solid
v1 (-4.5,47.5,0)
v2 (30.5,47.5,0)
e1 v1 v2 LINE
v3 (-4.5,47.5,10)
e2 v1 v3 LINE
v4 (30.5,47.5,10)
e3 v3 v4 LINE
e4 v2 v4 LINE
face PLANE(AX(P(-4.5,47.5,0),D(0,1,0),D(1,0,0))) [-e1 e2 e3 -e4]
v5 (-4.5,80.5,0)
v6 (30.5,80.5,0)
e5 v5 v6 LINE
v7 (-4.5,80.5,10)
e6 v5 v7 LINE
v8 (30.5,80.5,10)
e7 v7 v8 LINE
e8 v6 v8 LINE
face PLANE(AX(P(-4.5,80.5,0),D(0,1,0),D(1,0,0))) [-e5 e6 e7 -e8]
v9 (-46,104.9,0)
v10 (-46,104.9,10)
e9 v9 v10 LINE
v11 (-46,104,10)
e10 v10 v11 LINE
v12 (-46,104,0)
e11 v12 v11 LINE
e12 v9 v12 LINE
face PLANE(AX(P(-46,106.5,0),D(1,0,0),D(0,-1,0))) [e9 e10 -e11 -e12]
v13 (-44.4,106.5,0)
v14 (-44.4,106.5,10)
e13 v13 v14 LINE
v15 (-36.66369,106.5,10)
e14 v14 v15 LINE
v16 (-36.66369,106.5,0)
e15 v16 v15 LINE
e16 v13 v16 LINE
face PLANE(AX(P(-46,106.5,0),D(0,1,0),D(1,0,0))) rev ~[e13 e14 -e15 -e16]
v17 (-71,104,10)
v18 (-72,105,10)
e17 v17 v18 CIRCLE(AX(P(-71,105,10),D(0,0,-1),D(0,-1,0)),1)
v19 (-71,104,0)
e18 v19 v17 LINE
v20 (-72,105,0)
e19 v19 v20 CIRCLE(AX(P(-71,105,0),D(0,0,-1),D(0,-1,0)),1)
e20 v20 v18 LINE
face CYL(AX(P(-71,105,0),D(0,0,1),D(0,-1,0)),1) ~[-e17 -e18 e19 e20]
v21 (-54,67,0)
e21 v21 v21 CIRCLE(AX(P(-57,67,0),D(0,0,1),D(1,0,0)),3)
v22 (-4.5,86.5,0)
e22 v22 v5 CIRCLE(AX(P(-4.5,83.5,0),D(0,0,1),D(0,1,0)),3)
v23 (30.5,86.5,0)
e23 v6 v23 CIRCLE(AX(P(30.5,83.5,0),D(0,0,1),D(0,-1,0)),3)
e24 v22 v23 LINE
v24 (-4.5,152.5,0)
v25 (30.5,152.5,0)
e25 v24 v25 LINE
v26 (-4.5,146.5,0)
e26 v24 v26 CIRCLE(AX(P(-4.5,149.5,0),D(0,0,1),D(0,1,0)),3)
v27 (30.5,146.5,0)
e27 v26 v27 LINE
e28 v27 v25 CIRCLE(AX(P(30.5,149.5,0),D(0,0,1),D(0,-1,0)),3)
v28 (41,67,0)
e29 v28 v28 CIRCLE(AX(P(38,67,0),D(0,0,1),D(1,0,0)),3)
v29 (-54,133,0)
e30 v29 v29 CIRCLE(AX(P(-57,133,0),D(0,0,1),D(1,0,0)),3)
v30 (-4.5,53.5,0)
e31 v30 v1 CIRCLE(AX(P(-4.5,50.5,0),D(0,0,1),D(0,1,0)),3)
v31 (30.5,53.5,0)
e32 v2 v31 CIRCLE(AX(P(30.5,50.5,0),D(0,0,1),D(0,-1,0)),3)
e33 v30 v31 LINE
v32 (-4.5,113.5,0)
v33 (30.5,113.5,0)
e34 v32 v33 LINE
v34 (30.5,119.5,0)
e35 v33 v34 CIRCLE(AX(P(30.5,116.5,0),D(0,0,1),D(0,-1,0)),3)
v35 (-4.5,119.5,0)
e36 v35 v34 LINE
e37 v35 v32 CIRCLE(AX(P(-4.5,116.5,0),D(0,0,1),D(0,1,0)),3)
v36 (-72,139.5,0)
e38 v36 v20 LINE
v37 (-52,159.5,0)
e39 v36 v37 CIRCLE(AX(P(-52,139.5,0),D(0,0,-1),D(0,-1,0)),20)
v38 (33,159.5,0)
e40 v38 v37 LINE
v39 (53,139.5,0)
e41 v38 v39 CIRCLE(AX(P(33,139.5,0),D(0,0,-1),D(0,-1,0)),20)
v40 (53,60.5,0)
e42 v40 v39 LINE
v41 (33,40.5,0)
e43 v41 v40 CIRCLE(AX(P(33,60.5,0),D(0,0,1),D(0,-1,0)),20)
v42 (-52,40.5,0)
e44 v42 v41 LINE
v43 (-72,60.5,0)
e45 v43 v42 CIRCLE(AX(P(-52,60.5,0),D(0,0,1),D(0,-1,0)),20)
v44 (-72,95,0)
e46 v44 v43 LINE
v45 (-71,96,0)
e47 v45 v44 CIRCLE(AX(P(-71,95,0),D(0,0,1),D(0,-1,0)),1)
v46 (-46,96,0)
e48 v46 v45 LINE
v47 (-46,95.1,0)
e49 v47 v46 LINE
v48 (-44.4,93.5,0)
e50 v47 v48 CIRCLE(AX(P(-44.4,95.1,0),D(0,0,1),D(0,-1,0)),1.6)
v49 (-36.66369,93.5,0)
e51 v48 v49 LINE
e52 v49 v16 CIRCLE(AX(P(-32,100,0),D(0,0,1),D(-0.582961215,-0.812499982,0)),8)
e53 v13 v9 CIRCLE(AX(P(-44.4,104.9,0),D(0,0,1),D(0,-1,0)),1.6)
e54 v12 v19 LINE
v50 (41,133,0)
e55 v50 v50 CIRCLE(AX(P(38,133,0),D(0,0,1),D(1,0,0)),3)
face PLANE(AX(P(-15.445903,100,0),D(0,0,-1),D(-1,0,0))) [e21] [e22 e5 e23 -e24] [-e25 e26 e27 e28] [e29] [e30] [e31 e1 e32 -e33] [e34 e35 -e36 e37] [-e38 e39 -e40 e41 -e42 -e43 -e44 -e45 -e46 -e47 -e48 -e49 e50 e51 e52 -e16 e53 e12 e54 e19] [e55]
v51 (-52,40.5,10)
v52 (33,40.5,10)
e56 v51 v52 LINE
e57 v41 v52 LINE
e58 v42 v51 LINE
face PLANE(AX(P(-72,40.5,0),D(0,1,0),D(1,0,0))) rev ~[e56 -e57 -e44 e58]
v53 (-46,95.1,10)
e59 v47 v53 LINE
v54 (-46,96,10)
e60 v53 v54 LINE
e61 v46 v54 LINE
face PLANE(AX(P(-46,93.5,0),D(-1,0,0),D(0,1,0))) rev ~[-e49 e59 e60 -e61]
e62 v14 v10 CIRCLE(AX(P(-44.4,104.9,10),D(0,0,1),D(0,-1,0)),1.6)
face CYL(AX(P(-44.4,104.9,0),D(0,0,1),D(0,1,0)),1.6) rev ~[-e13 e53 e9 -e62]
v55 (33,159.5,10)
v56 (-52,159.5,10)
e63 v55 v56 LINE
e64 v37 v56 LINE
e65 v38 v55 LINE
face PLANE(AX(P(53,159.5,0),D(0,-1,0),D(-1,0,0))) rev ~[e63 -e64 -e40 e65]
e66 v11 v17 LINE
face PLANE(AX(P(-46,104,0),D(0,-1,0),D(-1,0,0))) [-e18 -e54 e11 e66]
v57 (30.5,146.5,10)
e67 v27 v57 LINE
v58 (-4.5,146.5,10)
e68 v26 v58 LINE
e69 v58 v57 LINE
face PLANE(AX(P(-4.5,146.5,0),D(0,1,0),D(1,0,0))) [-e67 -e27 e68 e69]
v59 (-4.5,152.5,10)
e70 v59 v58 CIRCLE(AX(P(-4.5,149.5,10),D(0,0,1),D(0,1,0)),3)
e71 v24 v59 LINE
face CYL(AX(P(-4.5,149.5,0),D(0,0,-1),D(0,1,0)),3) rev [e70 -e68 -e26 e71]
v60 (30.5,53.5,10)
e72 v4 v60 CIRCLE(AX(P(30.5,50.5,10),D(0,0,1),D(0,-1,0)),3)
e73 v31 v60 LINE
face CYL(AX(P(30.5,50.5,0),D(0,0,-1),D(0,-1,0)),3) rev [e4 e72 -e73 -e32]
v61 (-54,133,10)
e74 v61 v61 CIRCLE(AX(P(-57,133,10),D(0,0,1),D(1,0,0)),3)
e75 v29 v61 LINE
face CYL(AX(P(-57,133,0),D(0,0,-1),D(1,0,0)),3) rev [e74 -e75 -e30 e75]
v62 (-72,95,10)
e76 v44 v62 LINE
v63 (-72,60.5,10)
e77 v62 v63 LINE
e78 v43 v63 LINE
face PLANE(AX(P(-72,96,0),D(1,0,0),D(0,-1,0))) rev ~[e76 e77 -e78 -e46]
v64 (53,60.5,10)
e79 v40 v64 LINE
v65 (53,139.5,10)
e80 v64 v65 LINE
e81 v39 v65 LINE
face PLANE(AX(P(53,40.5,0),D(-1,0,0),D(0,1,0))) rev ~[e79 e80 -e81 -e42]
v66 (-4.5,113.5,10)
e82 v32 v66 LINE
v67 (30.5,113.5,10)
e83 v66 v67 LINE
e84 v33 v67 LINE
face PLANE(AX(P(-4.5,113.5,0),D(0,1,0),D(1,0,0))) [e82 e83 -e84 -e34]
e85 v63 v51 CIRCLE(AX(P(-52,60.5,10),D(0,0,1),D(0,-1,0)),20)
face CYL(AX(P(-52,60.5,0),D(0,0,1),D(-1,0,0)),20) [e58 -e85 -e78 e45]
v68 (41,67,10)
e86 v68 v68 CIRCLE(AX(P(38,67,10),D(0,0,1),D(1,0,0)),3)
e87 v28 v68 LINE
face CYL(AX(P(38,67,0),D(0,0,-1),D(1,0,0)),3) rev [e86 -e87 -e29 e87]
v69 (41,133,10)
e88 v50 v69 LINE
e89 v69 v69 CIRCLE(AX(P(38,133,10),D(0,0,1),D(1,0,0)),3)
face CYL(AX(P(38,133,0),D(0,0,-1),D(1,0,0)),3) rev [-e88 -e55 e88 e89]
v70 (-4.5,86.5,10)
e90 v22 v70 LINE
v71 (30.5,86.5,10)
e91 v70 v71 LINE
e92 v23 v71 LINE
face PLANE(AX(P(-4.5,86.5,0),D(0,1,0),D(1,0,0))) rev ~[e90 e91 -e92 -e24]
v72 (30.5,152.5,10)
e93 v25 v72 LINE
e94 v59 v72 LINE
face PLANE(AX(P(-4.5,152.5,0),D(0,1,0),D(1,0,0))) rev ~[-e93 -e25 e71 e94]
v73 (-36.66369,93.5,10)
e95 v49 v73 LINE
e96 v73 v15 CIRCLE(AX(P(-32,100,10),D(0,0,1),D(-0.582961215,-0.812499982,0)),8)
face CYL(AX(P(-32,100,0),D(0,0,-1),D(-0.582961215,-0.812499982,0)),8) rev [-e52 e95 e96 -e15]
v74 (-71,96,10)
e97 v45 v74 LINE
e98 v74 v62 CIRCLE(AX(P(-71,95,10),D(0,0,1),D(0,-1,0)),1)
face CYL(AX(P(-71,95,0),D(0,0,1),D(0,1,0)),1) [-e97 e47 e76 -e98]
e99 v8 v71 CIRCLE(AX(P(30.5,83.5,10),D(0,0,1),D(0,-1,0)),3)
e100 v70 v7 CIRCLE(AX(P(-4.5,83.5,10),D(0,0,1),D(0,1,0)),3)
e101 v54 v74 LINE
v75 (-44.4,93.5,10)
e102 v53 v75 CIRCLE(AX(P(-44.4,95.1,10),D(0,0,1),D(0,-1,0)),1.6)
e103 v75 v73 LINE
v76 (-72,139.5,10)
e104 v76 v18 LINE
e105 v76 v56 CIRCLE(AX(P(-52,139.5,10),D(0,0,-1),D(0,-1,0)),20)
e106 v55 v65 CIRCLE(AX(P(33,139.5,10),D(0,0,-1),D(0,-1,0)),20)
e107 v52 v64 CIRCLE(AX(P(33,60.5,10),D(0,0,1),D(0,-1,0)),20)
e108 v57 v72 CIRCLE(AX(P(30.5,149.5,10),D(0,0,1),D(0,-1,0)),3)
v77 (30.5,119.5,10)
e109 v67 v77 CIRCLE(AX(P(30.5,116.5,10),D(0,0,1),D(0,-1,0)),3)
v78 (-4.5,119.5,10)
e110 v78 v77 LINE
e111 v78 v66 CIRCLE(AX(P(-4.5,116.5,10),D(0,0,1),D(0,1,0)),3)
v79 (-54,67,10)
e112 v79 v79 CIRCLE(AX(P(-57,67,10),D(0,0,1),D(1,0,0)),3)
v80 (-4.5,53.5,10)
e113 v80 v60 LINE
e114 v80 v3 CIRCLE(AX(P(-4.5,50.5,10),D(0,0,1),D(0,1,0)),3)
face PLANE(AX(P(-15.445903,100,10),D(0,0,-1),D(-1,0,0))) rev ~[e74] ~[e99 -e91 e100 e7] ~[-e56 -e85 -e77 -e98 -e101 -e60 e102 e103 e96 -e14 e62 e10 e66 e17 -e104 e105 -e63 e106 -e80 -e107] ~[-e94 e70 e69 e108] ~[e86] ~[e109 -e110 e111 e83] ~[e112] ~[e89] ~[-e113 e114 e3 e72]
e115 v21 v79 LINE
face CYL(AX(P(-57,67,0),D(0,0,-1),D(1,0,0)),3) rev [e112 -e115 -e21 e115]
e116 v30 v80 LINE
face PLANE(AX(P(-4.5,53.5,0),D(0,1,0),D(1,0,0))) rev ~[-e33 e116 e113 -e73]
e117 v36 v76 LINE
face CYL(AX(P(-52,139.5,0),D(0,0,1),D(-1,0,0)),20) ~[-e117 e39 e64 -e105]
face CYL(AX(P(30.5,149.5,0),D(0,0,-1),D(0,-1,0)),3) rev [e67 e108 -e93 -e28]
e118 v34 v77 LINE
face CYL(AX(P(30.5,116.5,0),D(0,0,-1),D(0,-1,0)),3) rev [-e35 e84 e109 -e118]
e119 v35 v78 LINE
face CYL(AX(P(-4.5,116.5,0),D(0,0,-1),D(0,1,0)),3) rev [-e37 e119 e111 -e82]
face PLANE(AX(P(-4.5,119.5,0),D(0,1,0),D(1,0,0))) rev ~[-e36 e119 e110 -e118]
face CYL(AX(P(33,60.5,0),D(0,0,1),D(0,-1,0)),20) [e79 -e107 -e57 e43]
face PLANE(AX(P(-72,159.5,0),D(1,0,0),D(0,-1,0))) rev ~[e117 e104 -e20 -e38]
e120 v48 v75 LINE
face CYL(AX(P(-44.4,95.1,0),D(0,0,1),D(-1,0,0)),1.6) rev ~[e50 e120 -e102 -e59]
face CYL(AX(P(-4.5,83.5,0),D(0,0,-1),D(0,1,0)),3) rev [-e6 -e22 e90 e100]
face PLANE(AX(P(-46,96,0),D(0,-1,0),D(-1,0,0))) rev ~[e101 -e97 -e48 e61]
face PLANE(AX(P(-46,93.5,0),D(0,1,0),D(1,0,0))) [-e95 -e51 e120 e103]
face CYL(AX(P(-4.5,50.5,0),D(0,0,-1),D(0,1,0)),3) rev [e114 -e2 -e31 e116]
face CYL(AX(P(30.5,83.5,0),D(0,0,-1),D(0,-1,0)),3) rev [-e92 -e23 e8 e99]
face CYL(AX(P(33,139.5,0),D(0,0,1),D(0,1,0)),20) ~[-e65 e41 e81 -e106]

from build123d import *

# Parameters (mm, degrees)
SKETCH_R    = 3
PAD_DEPTH   = 10
FILLET_R    = 20
FILLET001_R = 1.6
FILLET002_R = 1


with BuildPart() as part:
    # Sketch → Pad (new body)
    with BuildSketch(Plane.XY):
        with BuildLine():
            ThreePointArc((-36.66369, 93.5), (-24, 100), (-36.66369, 106.5))
            Line((-46, 106.5), (-36.66369, 106.5))
            Line((-46, 106.5), (-46, 104))
            Line((-46, 104), (-72, 104))
            Line((-72, 159.5), (-72, 104))
            Line((53, 159.5), (-72, 159.5))
            Line((53, 40.5), (53, 159.5))
            Line((-72, 40.5), (53, 40.5))
            Line((-72, 96), (-72, 40.5))
            Line((-46, 96), (-72, 96))
            Line((-46, 93.5), (-46, 96))
            Line((-46, 93.5), (-36.66369, 93.5))
        make_face()
        with Locations((-57, 133)):
            Circle(SKETCH_R, mode=Mode.SUBTRACT)
        with Locations((-57, 67)):
            Circle(SKETCH_R, mode=Mode.SUBTRACT)
        with Locations((38, 133)):
            Circle(SKETCH_R, mode=Mode.SUBTRACT)
        with Locations((38, 67)):
            Circle(SKETCH_R, mode=Mode.SUBTRACT)
        with BuildLine():
            ThreePointArc((-4.5, 152.5), (-7.5, 149.5), (-4.5, 146.5))
            Line((-4.5, 146.5), (30.5, 146.5))
            ThreePointArc((30.5, 146.5), (33.5, 149.5), (30.5, 152.5))
            Line((-4.5, 152.5), (30.5, 152.5))
        make_face(mode=Mode.SUBTRACT)
        with BuildLine():
            ThreePointArc((-4.5, 119.5), (-7.5, 116.5), (-4.5, 113.5))
            Line((-4.5, 113.5), (30.5, 113.5))
            ThreePointArc((30.5, 113.5), (33.5, 116.5), (30.5, 119.5))
            Line((-4.5, 119.5), (30.5, 119.5))
        make_face(mode=Mode.SUBTRACT)
        with BuildLine():
            ThreePointArc((-4.5, 86.5), (-7.5, 83.5), (-4.5, 80.5))
            Line((-4.5, 80.5), (30.5, 80.5))
            ThreePointArc((30.5, 80.5), (33.5, 83.5), (30.5, 86.5))
            Line((-4.5, 86.5), (30.5, 86.5))
        make_face(mode=Mode.SUBTRACT)
        with BuildLine():
            ThreePointArc((-4.5, 53.5), (-7.5, 50.5), (-4.5, 47.5))
            Line((-4.5, 47.5), (30.5, 47.5))
            ThreePointArc((30.5, 47.5), (33.5, 50.5), (30.5, 53.5))
            Line((-4.5, 53.5), (30.5, 53.5))
        make_face(mode=Mode.SUBTRACT)
    extrude(amount=PAD_DEPTH)

    # Fillet
    fillet_edges = [part.edges().sort_by_distance(p)[0] for p in [
        (-72, 159.5, 5),
        (53, 40.5, 5),
        (-72, 40.5, 5),
        (53, 159.5, 5),
    ]]
    fillet(fillet_edges, radius=FILLET_R)

    # Fillet001
    fillet001_edges = [part.edges().sort_by_distance(p)[0] for p in [
        (-46, 106.5, 5),
        (-46, 93.5, 5),
    ]]
    fillet(fillet001_edges, radius=FILLET001_R)

    # Fillet002
    fillet002_edges = [part.edges().sort_by_distance(p)[0] for p in [
        (-72, 104, 5),
        (-72, 96, 5),
    ]]
    fillet(fillet002_edges, radius=FILLET002_R)


solid = part.part
